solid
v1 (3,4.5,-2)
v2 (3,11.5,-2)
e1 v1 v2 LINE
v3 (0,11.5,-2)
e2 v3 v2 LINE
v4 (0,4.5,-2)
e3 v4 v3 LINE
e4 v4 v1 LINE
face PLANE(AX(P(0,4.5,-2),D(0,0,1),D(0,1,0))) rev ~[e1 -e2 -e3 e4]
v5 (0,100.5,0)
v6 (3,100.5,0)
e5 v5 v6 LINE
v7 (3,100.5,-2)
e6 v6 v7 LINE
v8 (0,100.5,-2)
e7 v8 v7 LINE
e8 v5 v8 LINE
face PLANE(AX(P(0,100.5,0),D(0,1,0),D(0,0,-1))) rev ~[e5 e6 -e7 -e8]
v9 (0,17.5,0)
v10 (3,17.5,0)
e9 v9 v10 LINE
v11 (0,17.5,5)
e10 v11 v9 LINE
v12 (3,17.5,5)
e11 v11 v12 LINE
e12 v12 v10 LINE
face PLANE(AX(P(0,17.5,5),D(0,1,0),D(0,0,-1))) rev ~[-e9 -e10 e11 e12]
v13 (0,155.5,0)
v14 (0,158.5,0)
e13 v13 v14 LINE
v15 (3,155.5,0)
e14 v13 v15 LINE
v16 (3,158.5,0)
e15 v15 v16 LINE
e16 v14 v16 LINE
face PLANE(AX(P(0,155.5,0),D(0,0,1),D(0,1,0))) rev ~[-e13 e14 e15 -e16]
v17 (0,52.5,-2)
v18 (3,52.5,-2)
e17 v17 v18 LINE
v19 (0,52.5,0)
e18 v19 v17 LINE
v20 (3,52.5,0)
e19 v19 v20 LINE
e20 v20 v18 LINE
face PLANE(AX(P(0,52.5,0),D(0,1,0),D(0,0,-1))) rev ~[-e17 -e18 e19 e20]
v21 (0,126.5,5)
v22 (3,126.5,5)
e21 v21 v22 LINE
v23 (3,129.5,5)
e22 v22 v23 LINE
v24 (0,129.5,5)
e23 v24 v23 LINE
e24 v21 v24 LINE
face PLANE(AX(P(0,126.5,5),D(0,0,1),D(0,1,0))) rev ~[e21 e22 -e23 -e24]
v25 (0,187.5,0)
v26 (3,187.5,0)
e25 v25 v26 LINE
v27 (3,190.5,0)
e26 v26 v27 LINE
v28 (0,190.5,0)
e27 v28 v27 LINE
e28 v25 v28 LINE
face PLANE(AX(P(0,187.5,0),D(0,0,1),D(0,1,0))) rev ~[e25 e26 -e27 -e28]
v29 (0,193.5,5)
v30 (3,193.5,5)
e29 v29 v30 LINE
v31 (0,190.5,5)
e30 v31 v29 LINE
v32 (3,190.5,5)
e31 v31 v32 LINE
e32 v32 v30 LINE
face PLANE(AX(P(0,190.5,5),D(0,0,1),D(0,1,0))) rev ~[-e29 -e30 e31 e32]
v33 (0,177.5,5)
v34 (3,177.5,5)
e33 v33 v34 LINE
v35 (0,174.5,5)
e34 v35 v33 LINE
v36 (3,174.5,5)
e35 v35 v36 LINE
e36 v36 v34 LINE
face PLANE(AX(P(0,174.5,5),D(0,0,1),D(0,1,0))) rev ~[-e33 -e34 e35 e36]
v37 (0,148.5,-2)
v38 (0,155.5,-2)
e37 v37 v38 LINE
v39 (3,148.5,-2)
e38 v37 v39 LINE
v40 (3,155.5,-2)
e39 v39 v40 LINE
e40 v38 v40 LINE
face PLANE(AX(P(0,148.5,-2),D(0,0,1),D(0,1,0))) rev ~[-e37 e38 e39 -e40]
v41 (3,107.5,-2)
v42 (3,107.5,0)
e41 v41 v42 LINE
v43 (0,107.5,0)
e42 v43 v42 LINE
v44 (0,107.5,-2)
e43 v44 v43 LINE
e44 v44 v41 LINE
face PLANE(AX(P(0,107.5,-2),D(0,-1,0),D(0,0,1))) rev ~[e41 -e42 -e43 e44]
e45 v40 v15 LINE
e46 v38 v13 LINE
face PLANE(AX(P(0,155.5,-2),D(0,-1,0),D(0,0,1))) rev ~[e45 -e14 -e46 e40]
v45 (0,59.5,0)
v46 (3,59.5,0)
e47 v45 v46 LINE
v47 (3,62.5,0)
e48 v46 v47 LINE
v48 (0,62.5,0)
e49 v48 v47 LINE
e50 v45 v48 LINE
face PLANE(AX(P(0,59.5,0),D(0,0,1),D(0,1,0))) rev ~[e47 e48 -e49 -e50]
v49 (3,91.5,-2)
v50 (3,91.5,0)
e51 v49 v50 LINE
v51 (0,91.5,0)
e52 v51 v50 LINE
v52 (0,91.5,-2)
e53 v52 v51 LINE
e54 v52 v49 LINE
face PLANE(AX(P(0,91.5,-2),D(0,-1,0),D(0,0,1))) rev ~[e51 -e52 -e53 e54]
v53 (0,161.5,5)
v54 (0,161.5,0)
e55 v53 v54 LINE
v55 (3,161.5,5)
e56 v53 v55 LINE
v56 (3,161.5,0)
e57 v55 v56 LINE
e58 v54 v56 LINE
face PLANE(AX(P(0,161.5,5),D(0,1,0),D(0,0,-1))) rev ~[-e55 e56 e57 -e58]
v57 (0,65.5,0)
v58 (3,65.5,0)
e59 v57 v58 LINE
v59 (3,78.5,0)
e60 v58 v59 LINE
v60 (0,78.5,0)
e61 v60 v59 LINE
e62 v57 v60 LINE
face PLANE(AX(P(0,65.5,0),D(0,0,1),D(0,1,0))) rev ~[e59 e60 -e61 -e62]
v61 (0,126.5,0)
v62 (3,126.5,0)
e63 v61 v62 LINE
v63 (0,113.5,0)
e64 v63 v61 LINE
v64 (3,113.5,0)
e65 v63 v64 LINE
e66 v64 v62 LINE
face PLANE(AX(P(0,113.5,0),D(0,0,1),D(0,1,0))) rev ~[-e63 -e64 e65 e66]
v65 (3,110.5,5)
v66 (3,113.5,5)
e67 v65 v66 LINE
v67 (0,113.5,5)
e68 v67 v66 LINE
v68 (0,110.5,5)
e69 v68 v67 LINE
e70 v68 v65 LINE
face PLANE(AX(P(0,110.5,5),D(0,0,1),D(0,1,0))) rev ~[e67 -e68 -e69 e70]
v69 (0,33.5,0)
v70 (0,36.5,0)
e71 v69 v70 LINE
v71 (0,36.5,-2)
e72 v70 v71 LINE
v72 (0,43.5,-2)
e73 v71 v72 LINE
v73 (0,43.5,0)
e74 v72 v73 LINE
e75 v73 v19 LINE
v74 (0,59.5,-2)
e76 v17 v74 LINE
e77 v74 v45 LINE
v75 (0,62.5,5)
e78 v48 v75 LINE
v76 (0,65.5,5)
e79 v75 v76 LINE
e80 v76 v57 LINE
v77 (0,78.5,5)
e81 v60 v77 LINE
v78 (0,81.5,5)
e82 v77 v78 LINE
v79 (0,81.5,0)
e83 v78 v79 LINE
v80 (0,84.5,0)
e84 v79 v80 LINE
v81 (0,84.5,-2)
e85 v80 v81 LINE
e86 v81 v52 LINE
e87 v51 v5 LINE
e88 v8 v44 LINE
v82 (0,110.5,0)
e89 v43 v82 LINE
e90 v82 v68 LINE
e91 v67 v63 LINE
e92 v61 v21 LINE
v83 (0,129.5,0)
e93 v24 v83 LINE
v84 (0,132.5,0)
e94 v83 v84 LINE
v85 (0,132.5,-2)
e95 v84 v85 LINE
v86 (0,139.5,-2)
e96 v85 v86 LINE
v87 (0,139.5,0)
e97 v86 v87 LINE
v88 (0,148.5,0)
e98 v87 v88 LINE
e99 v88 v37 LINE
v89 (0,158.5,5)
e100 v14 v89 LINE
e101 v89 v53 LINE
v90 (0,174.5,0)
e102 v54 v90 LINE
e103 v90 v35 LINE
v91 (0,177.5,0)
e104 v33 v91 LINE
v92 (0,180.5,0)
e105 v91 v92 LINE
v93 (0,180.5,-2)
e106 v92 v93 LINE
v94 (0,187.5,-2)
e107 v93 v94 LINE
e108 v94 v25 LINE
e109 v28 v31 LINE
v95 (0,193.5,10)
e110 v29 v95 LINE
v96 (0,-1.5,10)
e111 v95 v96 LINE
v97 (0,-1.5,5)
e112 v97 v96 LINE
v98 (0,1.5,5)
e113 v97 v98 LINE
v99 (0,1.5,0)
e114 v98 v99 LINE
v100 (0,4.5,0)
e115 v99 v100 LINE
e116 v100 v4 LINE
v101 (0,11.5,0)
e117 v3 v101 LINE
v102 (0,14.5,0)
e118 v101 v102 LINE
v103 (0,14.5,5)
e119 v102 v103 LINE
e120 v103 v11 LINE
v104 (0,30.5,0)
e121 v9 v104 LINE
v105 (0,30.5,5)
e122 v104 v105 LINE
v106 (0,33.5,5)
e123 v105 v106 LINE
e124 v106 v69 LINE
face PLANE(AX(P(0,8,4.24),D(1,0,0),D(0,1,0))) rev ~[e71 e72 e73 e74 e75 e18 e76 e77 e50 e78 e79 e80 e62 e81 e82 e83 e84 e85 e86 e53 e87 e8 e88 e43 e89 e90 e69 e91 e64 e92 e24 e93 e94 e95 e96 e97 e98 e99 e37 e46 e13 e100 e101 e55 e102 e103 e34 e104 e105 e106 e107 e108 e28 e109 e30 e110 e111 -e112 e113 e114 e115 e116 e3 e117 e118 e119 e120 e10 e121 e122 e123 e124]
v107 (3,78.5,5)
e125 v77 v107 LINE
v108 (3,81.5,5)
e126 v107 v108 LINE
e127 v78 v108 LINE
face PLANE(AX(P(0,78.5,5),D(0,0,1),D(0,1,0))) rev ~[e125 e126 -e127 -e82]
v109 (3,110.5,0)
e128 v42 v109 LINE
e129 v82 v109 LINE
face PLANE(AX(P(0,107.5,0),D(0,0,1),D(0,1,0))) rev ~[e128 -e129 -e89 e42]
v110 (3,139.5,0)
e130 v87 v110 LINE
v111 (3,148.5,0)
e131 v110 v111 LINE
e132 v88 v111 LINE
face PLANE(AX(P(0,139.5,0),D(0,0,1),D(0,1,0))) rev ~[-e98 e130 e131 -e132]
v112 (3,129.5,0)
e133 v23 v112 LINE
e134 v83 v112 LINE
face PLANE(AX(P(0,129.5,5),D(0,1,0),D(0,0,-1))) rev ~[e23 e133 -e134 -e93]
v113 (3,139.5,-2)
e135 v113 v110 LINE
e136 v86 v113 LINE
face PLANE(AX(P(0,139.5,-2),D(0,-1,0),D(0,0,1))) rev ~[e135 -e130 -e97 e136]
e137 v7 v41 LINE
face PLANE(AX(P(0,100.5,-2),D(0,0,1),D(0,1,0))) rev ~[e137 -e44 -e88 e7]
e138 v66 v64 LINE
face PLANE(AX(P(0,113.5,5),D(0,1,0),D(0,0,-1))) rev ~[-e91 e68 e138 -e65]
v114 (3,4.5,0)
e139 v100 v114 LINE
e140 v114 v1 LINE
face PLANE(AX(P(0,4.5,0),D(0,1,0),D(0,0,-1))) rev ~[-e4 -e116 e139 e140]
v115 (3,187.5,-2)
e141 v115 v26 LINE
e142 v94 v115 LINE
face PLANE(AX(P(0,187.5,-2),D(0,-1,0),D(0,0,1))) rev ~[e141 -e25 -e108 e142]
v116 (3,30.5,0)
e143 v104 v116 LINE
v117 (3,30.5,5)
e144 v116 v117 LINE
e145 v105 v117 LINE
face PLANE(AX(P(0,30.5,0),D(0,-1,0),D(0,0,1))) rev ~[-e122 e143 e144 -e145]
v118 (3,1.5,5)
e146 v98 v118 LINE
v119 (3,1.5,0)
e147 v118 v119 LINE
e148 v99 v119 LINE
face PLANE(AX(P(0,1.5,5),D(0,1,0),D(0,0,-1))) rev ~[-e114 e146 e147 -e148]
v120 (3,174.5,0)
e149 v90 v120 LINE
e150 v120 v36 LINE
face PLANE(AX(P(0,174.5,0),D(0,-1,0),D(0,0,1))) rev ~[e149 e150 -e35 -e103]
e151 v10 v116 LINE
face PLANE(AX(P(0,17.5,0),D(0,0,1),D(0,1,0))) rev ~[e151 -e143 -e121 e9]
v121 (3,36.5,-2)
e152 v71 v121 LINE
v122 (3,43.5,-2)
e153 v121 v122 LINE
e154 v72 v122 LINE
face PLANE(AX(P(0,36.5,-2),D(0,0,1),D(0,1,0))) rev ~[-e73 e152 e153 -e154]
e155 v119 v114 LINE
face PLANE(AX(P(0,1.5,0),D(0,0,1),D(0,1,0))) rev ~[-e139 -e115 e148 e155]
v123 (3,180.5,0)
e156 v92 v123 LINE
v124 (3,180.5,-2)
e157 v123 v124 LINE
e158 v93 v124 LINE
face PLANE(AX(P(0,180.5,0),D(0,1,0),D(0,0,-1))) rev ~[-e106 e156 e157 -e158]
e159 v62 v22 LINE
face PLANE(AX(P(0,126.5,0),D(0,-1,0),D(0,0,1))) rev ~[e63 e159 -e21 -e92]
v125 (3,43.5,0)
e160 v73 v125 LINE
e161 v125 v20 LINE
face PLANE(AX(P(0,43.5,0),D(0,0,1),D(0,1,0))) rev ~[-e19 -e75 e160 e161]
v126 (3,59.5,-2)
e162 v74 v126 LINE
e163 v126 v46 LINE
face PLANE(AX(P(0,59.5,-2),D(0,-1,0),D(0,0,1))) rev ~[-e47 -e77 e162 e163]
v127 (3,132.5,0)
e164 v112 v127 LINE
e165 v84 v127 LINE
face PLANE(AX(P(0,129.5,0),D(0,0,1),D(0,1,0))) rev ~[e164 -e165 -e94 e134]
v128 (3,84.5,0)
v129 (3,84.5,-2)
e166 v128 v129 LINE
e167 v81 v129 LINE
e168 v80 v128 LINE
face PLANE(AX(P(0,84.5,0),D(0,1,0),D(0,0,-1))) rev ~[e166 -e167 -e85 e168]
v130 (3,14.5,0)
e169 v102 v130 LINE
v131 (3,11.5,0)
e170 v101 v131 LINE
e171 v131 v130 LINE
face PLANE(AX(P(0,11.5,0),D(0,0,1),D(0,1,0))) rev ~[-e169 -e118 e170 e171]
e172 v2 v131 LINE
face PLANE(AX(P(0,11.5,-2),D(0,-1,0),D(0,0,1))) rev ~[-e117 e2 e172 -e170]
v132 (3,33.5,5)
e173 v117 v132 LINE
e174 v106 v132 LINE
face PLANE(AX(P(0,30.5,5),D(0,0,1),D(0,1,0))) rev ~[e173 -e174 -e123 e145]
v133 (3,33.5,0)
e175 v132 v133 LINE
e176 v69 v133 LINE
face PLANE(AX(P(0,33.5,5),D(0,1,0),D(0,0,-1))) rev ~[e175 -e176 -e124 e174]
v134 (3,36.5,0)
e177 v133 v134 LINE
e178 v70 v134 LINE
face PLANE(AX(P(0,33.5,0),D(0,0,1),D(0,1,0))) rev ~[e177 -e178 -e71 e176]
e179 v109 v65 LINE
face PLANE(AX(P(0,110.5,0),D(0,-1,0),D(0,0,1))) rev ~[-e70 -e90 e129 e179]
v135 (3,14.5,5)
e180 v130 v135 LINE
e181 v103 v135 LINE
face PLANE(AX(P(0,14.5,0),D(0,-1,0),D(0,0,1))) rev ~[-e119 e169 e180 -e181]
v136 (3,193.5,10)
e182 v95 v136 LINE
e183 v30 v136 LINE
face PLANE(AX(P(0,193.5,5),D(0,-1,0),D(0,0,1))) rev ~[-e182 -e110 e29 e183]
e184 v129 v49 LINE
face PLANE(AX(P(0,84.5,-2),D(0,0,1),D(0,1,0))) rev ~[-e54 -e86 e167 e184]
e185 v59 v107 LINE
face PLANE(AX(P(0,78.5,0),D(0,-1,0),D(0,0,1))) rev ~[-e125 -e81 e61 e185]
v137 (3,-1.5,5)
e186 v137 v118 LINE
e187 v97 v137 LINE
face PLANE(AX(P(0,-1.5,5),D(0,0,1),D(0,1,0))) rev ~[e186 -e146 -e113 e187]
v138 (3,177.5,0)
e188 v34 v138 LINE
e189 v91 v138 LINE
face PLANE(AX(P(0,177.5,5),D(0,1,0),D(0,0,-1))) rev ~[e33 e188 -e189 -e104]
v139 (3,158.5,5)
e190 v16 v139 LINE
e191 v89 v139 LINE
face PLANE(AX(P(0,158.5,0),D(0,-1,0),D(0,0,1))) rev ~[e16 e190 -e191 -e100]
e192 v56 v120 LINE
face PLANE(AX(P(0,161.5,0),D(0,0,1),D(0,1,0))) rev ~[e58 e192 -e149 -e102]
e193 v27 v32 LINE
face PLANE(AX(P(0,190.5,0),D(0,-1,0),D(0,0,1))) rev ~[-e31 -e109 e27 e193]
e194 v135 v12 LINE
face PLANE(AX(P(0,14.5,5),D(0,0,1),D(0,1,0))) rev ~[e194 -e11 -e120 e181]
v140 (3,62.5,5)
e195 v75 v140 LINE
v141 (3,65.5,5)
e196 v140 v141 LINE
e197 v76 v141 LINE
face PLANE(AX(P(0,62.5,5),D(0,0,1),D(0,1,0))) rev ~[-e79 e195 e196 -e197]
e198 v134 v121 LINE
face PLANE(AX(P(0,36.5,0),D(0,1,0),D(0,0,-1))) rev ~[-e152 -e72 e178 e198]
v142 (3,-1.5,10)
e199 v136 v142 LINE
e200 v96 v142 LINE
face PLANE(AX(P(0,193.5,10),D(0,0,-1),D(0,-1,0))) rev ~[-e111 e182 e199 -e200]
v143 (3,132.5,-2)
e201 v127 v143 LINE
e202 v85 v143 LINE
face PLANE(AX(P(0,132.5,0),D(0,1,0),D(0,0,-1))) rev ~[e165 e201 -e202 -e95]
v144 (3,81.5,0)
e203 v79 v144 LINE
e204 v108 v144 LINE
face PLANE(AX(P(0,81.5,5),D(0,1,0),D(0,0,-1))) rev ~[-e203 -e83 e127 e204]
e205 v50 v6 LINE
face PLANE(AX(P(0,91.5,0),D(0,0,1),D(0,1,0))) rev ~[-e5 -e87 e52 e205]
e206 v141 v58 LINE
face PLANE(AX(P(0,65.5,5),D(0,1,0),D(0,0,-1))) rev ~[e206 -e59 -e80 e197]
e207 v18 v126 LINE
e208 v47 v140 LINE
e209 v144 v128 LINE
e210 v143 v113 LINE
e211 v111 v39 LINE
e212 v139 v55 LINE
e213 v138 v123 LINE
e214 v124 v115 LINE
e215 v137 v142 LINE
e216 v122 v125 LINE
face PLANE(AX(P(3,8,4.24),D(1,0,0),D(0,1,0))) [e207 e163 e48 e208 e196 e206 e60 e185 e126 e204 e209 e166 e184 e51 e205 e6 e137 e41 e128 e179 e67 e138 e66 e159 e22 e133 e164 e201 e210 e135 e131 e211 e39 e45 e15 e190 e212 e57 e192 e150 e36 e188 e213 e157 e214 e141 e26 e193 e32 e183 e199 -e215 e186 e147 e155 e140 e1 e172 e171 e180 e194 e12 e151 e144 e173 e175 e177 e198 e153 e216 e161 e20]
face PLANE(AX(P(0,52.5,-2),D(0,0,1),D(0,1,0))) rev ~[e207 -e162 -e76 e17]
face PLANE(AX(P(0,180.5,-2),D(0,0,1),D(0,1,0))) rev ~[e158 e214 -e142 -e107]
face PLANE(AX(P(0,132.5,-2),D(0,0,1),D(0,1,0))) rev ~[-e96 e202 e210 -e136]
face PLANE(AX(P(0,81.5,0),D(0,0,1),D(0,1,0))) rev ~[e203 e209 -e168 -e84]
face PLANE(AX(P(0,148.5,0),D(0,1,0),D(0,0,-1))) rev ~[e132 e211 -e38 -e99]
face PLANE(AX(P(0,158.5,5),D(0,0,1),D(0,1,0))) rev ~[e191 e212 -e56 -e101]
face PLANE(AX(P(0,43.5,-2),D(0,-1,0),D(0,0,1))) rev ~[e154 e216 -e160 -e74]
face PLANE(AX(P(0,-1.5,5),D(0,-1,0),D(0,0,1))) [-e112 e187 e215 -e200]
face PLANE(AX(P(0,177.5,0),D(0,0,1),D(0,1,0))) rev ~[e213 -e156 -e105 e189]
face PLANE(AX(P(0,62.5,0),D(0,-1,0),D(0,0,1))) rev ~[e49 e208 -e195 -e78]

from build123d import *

# Parameters (mm, degrees)
F0_W     = 3
F0_H     = 5
F0_W_2   = 1.5
F1_DEPTH = 3


with BuildPart() as f1:
    # F0 (on Right) → F1 (new body)
    with BuildSketch(Plane.YZ):
        Polygon((1.5, 5), (1.5, 0), (4.5, 0), (4.5, -2), (11.5, -2), (11.5, 0), (14.5, 0), (14.5, 5), (14.5, 10), (11.5, 10), (1.5, 10), align=None)
        with Locations((16, 7.5)):
            Rectangle(F0_W, F0_H)
        Polygon((20.5, 10), (17.5, 10), (17.5, 5), (17.5, 0), (30.5, 0), (30.5, 5), (30.5, 10), align=None)
        with Locations((32, 7.5)):
            Rectangle(F0_W, F0_H)
        Polygon((33.5, 5), (33.5, 0), (36.5, 0), (36.5, -2), (43.5, -2), (43.5, 0), (48, 0), (52.5, 0), (52.5, -2), (59.5, -2), (59.5, 0), (62.5, 0), (62.5, 5), (62.5, 10), (33.5, 10), align=None)
        with Locations((64, 7.5)):
            Rectangle(F0_W, F0_H)
        Polygon((78.5, 10), (65.5, 10), (65.5, 5), (65.5, 0), (78.5, 0), (78.5, 5), align=None)
        with Locations((80, 7.5)):
            Rectangle(F0_W, F0_H)
        Polygon((110.5, 10), (81.5, 10), (81.5, 5), (81.5, 0), (84.5, 0), (84.5, -2), (91.5, -2), (91.5, 0), (96, 0), (100.5, 0), (100.5, -2), (107.5, -2), (107.5, 0), (110.5, 0), (110.5, 5), align=None)
        with Locations((112, 7.5)):
            Rectangle(F0_W, F0_H)
        Polygon((126.5, 10), (113.5, 10), (113.5, 5), (113.5, 0), (126.5, 0), (126.5, 5), align=None)
        with Locations((128, 7.5)):
            Rectangle(F0_W, F0_H)
        Polygon((158.5, 10), (129.5, 10), (129.5, 5), (129.5, 0), (132.5, 0), (132.5, -2), (139.5, -2), (139.5, 0), (144, 0), (148.5, 0), (148.5, -2), (155.5, -2), (155.5, 0), (158.5, 0), (158.5, 5), align=None)
        with Locations((160, 7.5)):
            Rectangle(F0_W, F0_H)
        Polygon((171.5, 10), (161.5, 10), (161.5, 5), (161.5, 0), (174.5, 0), (174.5, 5), (174.5, 10), align=None)
        with Locations((176, 7.5)):
            Rectangle(F0_W, F0_H)
        Polygon((180.5, 10), (177.5, 10), (177.5, 5), (177.5, 0), (180.5, 0), (180.5, -2), (187.5, -2), (187.5, 0), (190.5, 0), (190.5, 5), (190.5, 10), align=None)
        with Locations((0.75, 7.5)):
            Rectangle(F0_W_2, F0_H)
        with Locations((191.25, 7.5)):
            Rectangle(F0_W_2, F0_H)
        with Locations((192.75, 7.5)):
            Rectangle(F0_W_2, F0_H)
        with Locations((-0.75, 7.5)):
            Rectangle(F0_W_2, F0_H)
    extrude(amount=F1_DEPTH)


solid = f1.part
